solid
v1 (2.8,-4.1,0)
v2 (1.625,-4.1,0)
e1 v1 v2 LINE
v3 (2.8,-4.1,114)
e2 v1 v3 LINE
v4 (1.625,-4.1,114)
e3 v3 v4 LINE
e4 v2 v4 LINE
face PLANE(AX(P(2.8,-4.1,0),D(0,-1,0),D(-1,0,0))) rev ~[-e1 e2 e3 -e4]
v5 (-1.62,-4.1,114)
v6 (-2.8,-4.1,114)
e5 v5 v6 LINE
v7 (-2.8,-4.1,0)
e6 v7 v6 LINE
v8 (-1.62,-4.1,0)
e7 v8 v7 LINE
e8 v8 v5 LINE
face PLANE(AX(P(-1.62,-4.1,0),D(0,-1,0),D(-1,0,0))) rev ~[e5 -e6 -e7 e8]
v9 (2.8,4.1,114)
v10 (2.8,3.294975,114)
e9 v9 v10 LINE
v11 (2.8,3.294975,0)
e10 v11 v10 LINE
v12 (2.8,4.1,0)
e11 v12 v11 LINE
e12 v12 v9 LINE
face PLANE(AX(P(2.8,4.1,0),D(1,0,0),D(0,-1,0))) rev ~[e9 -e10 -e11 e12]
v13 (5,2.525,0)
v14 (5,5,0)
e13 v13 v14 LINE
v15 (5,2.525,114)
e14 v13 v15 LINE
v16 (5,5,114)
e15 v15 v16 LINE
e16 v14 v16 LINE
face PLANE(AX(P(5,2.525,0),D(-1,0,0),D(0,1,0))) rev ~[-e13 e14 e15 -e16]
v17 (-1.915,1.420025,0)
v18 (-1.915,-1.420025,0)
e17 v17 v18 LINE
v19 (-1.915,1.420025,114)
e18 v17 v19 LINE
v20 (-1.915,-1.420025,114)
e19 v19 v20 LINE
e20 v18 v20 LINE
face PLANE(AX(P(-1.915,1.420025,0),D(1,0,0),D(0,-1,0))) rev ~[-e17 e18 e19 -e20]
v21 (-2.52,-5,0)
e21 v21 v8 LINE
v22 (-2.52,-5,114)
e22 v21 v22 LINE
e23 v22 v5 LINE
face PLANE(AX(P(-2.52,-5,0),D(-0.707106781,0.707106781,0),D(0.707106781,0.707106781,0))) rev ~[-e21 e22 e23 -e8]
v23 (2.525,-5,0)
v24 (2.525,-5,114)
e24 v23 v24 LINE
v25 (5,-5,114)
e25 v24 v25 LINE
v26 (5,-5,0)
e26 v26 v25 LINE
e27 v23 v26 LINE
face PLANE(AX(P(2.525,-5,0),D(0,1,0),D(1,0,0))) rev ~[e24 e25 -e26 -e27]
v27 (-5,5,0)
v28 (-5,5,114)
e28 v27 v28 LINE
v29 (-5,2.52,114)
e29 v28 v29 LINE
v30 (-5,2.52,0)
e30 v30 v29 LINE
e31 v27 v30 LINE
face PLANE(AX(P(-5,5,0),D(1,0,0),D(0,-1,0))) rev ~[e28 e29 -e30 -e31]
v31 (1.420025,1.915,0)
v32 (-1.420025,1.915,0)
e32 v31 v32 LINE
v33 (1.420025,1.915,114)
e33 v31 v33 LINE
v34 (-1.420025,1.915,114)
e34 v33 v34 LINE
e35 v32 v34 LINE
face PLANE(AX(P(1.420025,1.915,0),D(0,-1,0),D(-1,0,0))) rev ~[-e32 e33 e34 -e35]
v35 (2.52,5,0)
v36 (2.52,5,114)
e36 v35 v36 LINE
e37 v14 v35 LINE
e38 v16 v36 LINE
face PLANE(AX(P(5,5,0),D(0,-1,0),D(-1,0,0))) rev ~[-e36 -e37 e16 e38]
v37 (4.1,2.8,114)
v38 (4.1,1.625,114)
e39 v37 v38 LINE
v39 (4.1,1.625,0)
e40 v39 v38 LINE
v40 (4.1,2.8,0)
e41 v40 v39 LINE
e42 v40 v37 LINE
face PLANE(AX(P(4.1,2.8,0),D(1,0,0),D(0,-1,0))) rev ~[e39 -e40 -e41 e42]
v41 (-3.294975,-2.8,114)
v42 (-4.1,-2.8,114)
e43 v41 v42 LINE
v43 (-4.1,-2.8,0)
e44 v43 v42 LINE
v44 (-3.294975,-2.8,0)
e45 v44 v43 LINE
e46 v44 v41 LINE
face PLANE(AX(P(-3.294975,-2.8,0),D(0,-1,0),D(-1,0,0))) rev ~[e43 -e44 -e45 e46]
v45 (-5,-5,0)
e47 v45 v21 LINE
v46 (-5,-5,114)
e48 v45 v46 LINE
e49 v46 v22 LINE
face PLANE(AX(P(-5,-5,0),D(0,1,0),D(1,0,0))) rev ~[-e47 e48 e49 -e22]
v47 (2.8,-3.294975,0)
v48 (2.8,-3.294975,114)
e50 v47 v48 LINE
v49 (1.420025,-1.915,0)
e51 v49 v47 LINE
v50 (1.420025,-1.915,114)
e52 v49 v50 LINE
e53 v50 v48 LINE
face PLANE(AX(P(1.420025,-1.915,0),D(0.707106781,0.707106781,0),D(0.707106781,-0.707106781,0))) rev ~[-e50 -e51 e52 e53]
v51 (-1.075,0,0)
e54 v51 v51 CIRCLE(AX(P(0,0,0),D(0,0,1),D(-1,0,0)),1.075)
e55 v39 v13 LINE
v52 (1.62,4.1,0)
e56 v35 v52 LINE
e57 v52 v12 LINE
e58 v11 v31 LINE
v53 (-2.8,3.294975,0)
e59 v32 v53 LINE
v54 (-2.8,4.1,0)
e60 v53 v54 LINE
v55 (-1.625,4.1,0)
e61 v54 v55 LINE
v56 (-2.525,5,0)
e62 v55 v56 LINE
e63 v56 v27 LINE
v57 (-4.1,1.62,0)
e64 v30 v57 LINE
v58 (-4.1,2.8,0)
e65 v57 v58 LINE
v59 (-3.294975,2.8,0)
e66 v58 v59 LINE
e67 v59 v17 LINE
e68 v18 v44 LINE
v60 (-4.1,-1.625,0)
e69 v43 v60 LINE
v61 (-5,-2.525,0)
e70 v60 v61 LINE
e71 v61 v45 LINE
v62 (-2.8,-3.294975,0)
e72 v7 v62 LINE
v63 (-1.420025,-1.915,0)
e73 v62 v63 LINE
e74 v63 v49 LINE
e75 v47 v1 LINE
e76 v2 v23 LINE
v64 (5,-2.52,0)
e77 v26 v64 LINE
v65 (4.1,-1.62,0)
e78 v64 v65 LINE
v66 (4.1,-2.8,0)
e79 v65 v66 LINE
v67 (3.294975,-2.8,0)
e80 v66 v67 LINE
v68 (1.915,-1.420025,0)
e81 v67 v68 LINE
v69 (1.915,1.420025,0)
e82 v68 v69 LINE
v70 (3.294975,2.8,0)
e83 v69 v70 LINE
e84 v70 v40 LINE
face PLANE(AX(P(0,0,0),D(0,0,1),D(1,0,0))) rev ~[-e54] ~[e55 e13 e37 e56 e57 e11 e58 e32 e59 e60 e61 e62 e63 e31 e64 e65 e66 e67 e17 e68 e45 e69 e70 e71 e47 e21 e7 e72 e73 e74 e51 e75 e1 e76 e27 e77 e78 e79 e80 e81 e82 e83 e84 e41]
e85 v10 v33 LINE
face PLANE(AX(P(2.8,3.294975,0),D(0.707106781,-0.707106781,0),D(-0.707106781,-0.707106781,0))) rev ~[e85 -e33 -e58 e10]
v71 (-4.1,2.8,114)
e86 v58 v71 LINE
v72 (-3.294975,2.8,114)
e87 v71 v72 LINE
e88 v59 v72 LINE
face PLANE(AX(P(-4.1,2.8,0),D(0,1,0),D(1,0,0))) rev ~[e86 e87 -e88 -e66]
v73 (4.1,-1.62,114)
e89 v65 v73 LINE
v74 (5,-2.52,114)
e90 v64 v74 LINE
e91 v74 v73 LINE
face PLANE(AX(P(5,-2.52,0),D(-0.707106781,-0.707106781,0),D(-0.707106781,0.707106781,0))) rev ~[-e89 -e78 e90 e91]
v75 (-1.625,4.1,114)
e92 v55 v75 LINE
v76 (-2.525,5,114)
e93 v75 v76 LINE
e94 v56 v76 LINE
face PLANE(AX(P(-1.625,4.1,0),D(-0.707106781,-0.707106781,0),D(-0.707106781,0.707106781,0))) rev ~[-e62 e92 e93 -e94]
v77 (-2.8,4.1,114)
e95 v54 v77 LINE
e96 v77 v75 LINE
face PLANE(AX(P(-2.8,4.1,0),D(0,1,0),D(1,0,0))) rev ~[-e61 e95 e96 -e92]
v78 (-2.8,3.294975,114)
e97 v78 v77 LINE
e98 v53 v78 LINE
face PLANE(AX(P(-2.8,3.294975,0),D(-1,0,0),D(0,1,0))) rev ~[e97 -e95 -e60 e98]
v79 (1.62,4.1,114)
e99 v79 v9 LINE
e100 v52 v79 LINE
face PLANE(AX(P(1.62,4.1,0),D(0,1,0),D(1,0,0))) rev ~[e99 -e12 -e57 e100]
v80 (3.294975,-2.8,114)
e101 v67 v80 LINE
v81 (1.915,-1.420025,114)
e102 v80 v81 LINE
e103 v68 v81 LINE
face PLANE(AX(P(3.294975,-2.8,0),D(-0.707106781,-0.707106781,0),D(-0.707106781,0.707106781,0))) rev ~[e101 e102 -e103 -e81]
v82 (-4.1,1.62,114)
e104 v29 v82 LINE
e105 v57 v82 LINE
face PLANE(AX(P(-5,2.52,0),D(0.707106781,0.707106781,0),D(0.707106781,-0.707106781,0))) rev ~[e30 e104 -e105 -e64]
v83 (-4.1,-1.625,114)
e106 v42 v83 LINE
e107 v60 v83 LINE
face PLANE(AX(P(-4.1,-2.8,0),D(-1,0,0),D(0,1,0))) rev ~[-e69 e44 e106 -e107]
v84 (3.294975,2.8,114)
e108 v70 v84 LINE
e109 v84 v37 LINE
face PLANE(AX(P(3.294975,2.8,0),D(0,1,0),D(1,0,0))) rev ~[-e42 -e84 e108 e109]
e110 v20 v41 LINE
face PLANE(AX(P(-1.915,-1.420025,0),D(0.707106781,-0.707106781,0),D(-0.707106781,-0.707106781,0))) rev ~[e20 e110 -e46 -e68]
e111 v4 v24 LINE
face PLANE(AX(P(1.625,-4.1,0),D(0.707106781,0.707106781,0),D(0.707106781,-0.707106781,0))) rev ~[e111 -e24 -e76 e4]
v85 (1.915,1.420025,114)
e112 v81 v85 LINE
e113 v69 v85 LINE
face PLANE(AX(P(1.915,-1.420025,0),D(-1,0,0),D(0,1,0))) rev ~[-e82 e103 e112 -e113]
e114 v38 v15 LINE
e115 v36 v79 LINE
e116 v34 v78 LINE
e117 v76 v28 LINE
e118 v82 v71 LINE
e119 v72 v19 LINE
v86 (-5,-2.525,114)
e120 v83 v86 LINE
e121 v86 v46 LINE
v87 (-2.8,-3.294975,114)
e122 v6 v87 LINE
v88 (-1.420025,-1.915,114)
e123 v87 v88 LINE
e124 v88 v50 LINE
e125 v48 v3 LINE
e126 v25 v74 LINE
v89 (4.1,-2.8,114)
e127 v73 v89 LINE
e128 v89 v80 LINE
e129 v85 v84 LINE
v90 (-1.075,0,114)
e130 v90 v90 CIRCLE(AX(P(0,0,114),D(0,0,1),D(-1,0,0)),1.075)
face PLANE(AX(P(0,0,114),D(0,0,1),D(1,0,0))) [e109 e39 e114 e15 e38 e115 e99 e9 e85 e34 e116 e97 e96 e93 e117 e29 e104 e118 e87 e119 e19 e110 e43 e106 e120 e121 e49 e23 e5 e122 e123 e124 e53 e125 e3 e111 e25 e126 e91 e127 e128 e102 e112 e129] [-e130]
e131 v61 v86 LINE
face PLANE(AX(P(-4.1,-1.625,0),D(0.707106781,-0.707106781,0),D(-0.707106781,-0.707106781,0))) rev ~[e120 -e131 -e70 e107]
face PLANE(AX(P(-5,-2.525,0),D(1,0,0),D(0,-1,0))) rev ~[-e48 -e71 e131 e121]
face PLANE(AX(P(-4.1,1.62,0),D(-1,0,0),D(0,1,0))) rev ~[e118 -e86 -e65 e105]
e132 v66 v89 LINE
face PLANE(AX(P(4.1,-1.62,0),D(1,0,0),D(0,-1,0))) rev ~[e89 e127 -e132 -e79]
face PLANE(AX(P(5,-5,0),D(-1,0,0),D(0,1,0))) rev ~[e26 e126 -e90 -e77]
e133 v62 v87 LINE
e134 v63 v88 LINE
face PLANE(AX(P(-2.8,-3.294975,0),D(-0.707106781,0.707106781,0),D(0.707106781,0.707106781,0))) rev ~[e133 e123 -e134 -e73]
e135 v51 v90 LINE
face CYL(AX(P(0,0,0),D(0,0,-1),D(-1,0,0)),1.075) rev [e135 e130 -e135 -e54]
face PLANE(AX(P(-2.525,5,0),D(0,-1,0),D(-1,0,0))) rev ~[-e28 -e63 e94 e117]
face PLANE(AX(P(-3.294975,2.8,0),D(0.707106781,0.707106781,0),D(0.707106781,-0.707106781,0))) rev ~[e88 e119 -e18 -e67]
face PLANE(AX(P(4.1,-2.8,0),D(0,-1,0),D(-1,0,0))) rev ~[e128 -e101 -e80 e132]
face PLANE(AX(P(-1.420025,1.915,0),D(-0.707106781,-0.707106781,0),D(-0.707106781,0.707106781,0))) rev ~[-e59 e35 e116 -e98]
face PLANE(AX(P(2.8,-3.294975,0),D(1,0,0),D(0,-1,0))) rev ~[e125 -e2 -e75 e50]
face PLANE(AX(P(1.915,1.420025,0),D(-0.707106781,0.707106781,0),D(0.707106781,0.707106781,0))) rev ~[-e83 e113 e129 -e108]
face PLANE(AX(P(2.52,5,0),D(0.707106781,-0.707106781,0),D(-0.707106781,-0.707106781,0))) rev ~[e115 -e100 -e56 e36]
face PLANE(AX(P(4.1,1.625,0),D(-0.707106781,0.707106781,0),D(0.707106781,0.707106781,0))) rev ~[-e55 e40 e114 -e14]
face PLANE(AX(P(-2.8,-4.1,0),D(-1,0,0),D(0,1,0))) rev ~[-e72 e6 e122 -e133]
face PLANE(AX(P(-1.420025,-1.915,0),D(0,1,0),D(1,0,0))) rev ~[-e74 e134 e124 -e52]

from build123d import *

# Parameters (mm, degrees)
CROQUIS1_R              = 1.075
SALIENTE_EXTRUIR1_DEPTH = 114


with BuildPart() as part:
    # Croquis1 → Saliente-Extruir1 (new body)
    with BuildSketch(Plane.XY):
        Polygon((-1.420025253, 1.915), (-2.8, 3.294974747), (-2.8, 4.1), (-1.625, 4.1), (-2.525, 5), (-5, 5), (-5, 2.52), (-4.1, 1.62), (-4.1, 2.8), (-3.294974747, 2.8), (-1.915, 1.420025253), (-1.915, -1.420025253), (-3.294974747, -2.8), (-4.1, -2.8), (-4.1, -1.625), (-5, -2.525), (-5, -5), (-2.52, -5), (-1.62, -4.1), (-2.8, -4.1), (-2.8, -3.294974747), (-1.420025253, -1.915), (1.420025253, -1.915), (2.8, -3.294974747), (2.8, -4.1), (1.625, -4.1), (2.525, -5), (5, -5), (5, -2.52), (4.1, -1.62), (4.1, -2.8), (3.294974747, -2.8), (1.915, -1.420025253), (1.915, 1.420025253), (3.294974747, 2.8), (4.1, 2.8), (4.1, 1.625), (5, 2.525), (5, 5), (2.52, 5), (1.62, 4.1), (2.8, 4.1), (2.8, 3.294974747), (1.420025253, 1.915), align=None)
        with Locations(Location((0, 0, 0), (0, 0, 180))):
            Circle(CROQUIS1_R, mode=Mode.SUBTRACT)
    extrude(amount=SALIENTE_EXTRUIR1_DEPTH)


solid = part.part
